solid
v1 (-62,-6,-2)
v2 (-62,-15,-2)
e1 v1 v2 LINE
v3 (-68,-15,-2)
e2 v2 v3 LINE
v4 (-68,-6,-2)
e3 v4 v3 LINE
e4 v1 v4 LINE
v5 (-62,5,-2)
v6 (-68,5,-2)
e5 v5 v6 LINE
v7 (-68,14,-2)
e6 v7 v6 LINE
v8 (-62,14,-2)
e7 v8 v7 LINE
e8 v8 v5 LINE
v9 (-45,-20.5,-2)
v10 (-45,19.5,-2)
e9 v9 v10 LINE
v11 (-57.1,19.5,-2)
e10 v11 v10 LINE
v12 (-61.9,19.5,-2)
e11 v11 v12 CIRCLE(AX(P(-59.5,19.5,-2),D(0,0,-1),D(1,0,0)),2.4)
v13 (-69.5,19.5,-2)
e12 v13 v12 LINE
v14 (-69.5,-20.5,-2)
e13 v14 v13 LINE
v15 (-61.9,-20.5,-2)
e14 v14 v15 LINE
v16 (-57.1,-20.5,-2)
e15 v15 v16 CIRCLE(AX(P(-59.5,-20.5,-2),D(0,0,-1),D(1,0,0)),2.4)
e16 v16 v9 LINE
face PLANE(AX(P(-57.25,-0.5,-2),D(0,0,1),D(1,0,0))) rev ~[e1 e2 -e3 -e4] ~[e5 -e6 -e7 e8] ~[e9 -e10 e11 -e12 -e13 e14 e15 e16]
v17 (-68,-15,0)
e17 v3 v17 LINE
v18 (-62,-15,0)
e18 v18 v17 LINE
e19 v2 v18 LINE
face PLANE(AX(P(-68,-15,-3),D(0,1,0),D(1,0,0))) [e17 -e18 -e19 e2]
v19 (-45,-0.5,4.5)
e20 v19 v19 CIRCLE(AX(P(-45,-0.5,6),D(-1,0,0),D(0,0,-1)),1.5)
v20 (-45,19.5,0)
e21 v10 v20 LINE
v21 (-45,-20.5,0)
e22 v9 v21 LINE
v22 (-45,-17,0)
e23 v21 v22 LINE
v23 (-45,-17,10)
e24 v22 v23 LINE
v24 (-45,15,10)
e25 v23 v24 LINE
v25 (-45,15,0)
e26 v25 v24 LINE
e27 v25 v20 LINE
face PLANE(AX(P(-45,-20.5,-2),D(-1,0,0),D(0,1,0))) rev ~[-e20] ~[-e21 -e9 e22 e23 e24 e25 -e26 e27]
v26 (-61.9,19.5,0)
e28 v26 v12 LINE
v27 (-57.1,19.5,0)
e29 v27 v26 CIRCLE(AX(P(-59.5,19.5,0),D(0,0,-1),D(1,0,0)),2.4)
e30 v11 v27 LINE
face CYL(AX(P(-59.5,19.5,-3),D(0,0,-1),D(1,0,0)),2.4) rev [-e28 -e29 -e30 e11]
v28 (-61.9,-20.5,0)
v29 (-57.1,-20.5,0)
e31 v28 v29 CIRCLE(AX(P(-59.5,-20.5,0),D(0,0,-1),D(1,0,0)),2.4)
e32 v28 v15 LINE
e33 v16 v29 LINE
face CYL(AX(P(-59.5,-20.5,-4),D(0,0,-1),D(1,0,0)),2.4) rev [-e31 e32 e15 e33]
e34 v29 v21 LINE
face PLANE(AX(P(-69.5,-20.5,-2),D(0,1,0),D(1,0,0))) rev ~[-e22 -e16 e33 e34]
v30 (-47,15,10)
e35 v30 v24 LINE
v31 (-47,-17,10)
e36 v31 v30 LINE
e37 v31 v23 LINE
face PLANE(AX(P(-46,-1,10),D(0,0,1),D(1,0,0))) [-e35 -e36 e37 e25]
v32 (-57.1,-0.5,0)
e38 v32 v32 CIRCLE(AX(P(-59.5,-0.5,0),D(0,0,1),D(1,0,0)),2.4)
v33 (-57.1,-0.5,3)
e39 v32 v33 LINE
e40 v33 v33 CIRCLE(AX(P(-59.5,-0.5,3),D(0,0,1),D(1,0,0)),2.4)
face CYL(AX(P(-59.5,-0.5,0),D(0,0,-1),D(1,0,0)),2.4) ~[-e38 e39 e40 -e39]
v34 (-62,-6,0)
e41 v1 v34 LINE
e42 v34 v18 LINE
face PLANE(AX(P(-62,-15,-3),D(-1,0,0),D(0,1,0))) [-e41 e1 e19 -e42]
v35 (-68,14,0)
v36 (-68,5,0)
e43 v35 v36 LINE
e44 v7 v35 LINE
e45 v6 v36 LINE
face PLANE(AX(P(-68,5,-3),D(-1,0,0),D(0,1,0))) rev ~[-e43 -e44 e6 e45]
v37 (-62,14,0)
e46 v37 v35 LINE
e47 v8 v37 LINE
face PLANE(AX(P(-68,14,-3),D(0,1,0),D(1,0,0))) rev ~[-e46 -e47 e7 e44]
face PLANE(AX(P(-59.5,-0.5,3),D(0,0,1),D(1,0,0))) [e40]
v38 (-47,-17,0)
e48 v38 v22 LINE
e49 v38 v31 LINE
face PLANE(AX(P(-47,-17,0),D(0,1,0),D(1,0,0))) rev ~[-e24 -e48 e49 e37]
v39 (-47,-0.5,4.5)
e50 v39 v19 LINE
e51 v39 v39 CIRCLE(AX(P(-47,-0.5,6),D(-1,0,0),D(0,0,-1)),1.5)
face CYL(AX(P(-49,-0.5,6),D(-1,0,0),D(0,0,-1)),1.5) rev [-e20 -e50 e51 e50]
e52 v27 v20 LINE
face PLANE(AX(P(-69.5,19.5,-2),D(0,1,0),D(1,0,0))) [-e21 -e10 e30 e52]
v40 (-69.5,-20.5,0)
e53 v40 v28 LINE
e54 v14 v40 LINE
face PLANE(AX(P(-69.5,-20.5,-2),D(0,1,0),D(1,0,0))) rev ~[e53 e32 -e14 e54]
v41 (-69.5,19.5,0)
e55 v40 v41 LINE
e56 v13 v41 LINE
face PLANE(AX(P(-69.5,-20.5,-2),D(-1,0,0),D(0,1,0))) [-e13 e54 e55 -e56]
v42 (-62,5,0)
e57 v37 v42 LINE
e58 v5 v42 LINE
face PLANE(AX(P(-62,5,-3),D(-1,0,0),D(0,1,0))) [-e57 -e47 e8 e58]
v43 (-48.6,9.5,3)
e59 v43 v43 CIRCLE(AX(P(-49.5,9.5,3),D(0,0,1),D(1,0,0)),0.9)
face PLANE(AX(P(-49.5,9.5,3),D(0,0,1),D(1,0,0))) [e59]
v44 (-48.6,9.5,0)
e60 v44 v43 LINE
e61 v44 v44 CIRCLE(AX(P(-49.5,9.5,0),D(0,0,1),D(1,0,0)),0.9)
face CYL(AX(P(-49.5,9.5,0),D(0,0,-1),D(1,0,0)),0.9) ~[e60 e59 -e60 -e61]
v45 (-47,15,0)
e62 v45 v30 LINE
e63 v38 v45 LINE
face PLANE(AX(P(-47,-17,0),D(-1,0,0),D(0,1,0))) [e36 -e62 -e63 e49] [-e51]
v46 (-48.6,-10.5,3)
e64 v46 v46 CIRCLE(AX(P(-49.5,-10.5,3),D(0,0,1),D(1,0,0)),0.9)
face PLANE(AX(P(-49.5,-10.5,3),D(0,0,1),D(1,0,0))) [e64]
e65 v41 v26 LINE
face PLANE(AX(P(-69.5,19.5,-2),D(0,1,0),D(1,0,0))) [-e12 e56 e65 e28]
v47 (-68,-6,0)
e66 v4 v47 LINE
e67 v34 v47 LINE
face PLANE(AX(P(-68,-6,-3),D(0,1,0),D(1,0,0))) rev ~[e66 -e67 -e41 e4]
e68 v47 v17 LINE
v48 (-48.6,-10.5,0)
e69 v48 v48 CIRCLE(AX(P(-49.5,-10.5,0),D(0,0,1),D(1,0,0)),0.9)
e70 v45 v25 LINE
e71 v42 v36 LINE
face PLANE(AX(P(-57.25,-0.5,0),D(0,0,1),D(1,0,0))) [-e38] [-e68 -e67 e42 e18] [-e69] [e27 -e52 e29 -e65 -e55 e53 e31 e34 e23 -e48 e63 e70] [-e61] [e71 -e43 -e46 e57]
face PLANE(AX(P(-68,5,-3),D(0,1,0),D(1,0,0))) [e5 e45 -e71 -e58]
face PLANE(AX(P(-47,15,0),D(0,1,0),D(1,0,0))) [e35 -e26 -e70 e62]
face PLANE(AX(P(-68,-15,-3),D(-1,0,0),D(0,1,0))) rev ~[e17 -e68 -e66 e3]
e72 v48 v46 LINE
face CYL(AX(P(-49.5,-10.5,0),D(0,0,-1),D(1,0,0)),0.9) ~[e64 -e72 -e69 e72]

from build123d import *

# Parameters (mm, degrees)
CYLINDER028_R           = 1.5
CYLINDER028_DEPTH       = 10
CYLINDER028_PITCH_ANGLE = 90
CYLINDER023_R           = 2.4
CYLINDER023_DEPTH       = 3
CYLINDER026_R           = 0.9
CYLINDER026_DEPTH       = 3
CYLINDER027_R           = 0.9
CYLINDER027_DEPTH       = 3
CYLINDER025_R           = 2.4
CYLINDER025_DEPTH       = 6
CYLINDER024_R           = 2.4
CYLINDER024_DEPTH       = 5
BOX042_W                = 2
BOX042_H                = 32
BOX042_DEPTH            = 10
BOX041_W                = 6
BOX041_H                = 9
BOX041_DEPTH            = 10
BOX040_W                = 6
BOX040_H                = 9
BOX040_DEPTH            = 10
BOX039_W                = 24.5
BOX039_H                = 40
BOX039_DEPTH            = 2


with BuildPart() as cilindro028:
    # Cylinder028 → Cylinder028 (new body)
    with BuildSketch(Plane.XY):
        Circle(CYLINDER028_R)
    extrude(amount=CYLINDER028_DEPTH)


with BuildPart() as cilindro028_1:
    # Cylinder028 pitch: moved
    add(cilindro028.part.rotate(Axis((0, 0, 0), (0, 1, 0)), CYLINDER028_PITCH_ANGLE))


with BuildPart() as cilindro028_2:
    # Cylinder028 placement: moved
    add(cilindro028_1.part.moved(Location((-49, -0.5, 6))))


with BuildPart() as cilindro023:
    # Cylinder023 → Cylinder023 (new body)
    with BuildSketch(Plane(origin=(-59.5, -0.5, 0), x_dir=(1, 0, 0), z_dir=(0, 0, 1))):
        Circle(CYLINDER023_R)
    extrude(amount=CYLINDER023_DEPTH)


with BuildPart() as cilindro026:
    # Cylinder026 → Cylinder026 (new body)
    with BuildSketch(Plane(origin=(-49.5, 9.5, 0), x_dir=(1, 0, 0), z_dir=(0, 0, 1))):
        Circle(CYLINDER026_R)
    extrude(amount=CYLINDER026_DEPTH)


with BuildPart() as cilindro027:
    # Cylinder027 → Cylinder027 (new body)
    with BuildSketch(Plane(origin=(-49.5, -10.5, 0), x_dir=(1, 0, 0), z_dir=(0, 0, 1))):
        Circle(CYLINDER027_R)
    extrude(amount=CYLINDER027_DEPTH)


with BuildPart() as cilindro025:
    # Cylinder025 → Cylinder025 (new body)
    with BuildSketch(Plane(origin=(-59.5, -20.5, -4), x_dir=(1, 0, 0), z_dir=(0, 0, 1))):
        Circle(CYLINDER025_R)
    extrude(amount=CYLINDER025_DEPTH)


with BuildPart() as cilindro024:
    # Cylinder024 → Cylinder024 (new body)
    with BuildSketch(Plane(origin=(-59.5, 19.5, -3), x_dir=(1, 0, 0), z_dir=(0, 0, 1))):
        Circle(CYLINDER024_R)
    extrude(amount=CYLINDER024_DEPTH)


with BuildPart() as cubo036:
    # Box042 → Box042 (new body)
    with BuildSketch(Plane(origin=(-47, -17, 0), x_dir=(1, 0, 0), z_dir=(0, 0, 1))):
        with Locations((1, 16)):
            Rectangle(BOX042_W, BOX042_H)
    extrude(amount=BOX042_DEPTH)


with BuildPart() as cubo035:
    # Box041 → Box041 (new body)
    with BuildSketch(Plane(origin=(-68, 5, -3), x_dir=(1, 0, 0), z_dir=(0, 0, 1))):
        with Locations((3, 4.5)):
            Rectangle(BOX041_W, BOX041_H)
    extrude(amount=BOX041_DEPTH)


with BuildPart() as cubo034:
    # Box040 → Box040 (new body)
    with BuildSketch(Plane(origin=(-68, -15, -3), x_dir=(1, 0, 0), z_dir=(0, 0, 1))):
        with Locations((3, 4.5)):
            Rectangle(BOX040_W, BOX040_H)
    extrude(amount=BOX040_DEPTH)


with BuildPart() as soportesensoreslinefinder:
    # Box039 → Box039 (new body)
    with BuildSketch(Plane(origin=(-69.5, -20.5, -2), x_dir=(1, 0, 0), z_dir=(0, 0, 1))):
        with Locations((12.25, 20)):
            Rectangle(BOX039_W, BOX039_H)
    extrude(amount=BOX039_DEPTH)

    # Cut049: cut Cubo034
    add(cubo034.part, mode=Mode.SUBTRACT)

    # Cut050: cut Cubo035
    add(cubo035.part, mode=Mode.SUBTRACT)

    # Fusion011: union Cubo036
    add(cubo036.part)

    # Cut051: cut Cilindro024
    add(cilindro024.part, mode=Mode.SUBTRACT)

    # Cut052: cut Cilindro025
    add(cilindro025.part, mode=Mode.SUBTRACT)

    # Fusion012: union Cilindro023, Cilindro026, Cilindro027
    add(cilindro023.part)
    add(cilindro026.part)
    add(cilindro027.part)

    # Cut053: cut Cilindro028
    add(cilindro028_2.part, mode=Mode.SUBTRACT)


solid = soportesensoreslinefinder.part
